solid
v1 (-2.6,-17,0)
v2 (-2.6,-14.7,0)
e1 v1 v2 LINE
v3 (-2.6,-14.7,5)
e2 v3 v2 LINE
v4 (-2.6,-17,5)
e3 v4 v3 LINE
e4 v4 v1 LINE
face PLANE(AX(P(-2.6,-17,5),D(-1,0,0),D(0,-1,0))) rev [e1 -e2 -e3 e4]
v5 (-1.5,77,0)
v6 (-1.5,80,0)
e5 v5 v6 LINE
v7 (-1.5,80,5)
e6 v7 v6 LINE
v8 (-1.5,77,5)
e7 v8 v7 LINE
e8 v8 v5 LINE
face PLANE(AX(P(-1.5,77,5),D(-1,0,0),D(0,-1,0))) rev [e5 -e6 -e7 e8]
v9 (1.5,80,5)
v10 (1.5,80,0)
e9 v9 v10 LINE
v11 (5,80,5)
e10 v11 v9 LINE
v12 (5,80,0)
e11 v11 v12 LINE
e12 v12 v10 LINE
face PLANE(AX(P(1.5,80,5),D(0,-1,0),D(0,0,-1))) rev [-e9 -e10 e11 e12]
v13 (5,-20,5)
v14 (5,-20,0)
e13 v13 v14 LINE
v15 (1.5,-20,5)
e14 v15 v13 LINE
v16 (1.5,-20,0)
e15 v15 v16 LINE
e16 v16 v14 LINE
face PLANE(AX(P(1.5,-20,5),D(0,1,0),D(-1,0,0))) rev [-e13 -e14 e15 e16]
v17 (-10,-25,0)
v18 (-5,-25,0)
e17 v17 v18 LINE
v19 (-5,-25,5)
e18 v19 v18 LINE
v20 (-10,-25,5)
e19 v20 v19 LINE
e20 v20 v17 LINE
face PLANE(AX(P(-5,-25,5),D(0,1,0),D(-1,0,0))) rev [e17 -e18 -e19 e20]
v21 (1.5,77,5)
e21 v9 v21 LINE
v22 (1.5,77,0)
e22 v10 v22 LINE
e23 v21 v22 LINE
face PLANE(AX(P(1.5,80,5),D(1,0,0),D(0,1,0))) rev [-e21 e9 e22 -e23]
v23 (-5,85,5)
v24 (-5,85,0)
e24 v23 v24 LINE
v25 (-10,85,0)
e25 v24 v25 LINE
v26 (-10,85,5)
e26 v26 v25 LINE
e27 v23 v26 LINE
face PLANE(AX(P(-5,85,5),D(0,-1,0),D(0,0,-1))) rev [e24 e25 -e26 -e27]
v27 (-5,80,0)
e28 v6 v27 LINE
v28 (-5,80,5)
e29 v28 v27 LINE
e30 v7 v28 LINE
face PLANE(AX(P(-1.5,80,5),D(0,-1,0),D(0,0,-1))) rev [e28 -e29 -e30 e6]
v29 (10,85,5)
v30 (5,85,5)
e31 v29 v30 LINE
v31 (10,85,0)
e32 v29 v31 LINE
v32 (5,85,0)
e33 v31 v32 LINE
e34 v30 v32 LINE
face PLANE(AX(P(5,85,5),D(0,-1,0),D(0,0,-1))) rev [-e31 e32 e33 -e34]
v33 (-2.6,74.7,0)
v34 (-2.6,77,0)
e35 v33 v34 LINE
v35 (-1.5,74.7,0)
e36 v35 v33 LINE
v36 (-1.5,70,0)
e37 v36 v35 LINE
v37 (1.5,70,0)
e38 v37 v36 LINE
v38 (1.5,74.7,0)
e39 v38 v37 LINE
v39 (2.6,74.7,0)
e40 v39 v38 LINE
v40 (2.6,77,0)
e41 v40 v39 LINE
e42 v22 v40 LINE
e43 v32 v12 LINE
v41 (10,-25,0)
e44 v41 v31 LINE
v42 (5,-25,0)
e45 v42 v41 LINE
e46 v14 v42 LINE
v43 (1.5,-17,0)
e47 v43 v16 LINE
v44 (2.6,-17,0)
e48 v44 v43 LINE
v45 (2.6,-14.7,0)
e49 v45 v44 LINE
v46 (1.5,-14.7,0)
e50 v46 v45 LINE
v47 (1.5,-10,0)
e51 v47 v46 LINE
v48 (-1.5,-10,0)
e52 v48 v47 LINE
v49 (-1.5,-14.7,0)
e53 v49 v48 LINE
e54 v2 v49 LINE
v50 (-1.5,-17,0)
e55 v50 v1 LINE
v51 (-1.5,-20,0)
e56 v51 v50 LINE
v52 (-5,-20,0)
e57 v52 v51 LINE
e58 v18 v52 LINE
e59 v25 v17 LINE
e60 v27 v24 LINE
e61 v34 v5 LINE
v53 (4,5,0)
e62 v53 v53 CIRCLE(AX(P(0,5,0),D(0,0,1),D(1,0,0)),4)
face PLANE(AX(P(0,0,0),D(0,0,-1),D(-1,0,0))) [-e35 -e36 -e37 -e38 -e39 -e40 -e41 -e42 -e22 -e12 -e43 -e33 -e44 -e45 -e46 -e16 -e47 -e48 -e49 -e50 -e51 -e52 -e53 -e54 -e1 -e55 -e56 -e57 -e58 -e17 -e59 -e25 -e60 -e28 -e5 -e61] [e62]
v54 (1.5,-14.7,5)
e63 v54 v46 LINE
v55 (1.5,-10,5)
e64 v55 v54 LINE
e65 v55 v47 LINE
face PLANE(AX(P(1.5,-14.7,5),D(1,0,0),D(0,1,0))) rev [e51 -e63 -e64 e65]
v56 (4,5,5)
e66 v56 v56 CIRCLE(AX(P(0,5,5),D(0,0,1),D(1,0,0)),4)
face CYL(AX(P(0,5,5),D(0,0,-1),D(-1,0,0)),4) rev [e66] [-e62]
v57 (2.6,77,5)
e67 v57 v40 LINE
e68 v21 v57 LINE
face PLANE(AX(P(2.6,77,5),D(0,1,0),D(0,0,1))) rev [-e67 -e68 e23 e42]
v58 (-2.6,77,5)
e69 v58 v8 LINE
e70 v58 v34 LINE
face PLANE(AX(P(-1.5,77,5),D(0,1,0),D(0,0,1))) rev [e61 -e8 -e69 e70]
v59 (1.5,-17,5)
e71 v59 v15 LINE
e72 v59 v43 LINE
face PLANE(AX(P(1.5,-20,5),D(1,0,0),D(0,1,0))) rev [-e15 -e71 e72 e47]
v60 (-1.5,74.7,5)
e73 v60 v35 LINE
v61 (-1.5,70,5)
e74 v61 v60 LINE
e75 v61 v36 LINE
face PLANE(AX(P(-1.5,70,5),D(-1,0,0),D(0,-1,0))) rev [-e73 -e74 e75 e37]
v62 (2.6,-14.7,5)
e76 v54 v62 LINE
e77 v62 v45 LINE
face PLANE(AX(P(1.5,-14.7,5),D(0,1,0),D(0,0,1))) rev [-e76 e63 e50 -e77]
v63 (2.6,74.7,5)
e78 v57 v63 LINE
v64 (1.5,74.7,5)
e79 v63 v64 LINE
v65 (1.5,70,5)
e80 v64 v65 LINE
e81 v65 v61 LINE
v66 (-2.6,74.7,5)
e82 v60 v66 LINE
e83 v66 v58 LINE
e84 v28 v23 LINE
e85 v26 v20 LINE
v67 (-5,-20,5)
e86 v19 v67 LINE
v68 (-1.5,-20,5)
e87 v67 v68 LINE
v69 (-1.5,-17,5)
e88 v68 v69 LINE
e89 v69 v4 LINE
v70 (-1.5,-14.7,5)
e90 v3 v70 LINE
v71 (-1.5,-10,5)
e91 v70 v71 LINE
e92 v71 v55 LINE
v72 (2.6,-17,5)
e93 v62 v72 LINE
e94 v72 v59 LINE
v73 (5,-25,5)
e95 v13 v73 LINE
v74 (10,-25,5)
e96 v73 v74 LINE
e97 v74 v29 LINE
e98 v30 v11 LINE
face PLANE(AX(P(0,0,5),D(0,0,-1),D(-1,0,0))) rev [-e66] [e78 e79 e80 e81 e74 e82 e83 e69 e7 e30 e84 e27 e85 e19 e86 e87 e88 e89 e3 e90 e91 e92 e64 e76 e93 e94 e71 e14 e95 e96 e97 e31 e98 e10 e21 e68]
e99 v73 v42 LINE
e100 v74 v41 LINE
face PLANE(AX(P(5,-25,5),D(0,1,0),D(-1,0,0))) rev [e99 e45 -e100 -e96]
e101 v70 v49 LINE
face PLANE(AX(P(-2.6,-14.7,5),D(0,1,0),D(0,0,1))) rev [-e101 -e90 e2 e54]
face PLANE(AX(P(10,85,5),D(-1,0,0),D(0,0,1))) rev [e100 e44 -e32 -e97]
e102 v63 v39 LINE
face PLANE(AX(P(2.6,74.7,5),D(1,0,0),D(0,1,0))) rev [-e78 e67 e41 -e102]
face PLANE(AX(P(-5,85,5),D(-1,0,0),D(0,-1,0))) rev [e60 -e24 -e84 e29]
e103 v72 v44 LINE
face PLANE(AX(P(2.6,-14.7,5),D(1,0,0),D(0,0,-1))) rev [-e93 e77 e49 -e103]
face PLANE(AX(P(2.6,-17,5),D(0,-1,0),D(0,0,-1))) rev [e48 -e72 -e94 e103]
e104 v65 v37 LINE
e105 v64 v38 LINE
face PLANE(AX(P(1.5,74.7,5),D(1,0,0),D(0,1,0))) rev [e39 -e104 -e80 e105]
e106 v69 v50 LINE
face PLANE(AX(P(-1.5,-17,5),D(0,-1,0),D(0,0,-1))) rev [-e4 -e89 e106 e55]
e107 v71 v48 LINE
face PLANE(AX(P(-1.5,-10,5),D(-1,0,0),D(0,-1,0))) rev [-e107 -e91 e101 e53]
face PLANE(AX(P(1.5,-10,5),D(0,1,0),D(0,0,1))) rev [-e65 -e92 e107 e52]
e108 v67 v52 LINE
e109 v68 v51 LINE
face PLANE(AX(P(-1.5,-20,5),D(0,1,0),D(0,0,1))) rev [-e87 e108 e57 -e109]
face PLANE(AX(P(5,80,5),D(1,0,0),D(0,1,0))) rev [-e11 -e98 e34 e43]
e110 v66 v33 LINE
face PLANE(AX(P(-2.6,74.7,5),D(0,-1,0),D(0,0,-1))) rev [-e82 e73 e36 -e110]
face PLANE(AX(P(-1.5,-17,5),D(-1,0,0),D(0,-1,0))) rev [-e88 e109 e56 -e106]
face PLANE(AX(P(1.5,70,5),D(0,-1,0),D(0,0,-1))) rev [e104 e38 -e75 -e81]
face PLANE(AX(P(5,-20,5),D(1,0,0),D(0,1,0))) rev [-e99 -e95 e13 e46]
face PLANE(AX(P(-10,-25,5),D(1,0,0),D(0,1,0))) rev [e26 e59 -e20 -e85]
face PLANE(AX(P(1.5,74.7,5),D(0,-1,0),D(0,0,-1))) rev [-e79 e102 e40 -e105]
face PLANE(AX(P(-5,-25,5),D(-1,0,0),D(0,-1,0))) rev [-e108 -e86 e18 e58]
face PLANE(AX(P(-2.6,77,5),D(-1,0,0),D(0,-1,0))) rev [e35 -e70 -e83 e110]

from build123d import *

# Parameters (mm, degrees)
SKETCH1_R           = 4
BOSS_EXTRUDE1_DEPTH = 5


with BuildPart() as part:
    # Sketch1 → Boss-Extrude1 (new body)
    with BuildSketch(Plane.XY):
        Polygon((-10, 80), (-10, -20), (-10, -25), (-5, -25), (-5, -20), (-1.5, -20), (-1.5, -17), (-2.6, -17), (-2.6, -14.7), (-1.5, -14.7), (-1.5, -10), (1.5, -10), (1.5, -14.7), (2.6, -14.7), (2.6, -17), (1.5, -17), (1.5, -20), (5, -20), (5, -25), (10, -25), (10, -20), (10, 80), (10, 85), (5, 85), (5, 80), (1.5, 80), (1.5, 77), (2.6, 77), (2.6, 74.7), (1.5, 74.7), (1.5, 70), (-1.5, 70), (-1.5, 74.7), (-2.6, 74.7), (-2.6, 77), (-1.5, 77), (-1.5, 80), (-5, 80), (-5, 85), (-10, 85), align=None)
        with Locations((0, 5)):
            Circle(SKETCH1_R, mode=Mode.SUBTRACT)
    extrude(amount=BOSS_EXTRUDE1_DEPTH)


solid = part.part
